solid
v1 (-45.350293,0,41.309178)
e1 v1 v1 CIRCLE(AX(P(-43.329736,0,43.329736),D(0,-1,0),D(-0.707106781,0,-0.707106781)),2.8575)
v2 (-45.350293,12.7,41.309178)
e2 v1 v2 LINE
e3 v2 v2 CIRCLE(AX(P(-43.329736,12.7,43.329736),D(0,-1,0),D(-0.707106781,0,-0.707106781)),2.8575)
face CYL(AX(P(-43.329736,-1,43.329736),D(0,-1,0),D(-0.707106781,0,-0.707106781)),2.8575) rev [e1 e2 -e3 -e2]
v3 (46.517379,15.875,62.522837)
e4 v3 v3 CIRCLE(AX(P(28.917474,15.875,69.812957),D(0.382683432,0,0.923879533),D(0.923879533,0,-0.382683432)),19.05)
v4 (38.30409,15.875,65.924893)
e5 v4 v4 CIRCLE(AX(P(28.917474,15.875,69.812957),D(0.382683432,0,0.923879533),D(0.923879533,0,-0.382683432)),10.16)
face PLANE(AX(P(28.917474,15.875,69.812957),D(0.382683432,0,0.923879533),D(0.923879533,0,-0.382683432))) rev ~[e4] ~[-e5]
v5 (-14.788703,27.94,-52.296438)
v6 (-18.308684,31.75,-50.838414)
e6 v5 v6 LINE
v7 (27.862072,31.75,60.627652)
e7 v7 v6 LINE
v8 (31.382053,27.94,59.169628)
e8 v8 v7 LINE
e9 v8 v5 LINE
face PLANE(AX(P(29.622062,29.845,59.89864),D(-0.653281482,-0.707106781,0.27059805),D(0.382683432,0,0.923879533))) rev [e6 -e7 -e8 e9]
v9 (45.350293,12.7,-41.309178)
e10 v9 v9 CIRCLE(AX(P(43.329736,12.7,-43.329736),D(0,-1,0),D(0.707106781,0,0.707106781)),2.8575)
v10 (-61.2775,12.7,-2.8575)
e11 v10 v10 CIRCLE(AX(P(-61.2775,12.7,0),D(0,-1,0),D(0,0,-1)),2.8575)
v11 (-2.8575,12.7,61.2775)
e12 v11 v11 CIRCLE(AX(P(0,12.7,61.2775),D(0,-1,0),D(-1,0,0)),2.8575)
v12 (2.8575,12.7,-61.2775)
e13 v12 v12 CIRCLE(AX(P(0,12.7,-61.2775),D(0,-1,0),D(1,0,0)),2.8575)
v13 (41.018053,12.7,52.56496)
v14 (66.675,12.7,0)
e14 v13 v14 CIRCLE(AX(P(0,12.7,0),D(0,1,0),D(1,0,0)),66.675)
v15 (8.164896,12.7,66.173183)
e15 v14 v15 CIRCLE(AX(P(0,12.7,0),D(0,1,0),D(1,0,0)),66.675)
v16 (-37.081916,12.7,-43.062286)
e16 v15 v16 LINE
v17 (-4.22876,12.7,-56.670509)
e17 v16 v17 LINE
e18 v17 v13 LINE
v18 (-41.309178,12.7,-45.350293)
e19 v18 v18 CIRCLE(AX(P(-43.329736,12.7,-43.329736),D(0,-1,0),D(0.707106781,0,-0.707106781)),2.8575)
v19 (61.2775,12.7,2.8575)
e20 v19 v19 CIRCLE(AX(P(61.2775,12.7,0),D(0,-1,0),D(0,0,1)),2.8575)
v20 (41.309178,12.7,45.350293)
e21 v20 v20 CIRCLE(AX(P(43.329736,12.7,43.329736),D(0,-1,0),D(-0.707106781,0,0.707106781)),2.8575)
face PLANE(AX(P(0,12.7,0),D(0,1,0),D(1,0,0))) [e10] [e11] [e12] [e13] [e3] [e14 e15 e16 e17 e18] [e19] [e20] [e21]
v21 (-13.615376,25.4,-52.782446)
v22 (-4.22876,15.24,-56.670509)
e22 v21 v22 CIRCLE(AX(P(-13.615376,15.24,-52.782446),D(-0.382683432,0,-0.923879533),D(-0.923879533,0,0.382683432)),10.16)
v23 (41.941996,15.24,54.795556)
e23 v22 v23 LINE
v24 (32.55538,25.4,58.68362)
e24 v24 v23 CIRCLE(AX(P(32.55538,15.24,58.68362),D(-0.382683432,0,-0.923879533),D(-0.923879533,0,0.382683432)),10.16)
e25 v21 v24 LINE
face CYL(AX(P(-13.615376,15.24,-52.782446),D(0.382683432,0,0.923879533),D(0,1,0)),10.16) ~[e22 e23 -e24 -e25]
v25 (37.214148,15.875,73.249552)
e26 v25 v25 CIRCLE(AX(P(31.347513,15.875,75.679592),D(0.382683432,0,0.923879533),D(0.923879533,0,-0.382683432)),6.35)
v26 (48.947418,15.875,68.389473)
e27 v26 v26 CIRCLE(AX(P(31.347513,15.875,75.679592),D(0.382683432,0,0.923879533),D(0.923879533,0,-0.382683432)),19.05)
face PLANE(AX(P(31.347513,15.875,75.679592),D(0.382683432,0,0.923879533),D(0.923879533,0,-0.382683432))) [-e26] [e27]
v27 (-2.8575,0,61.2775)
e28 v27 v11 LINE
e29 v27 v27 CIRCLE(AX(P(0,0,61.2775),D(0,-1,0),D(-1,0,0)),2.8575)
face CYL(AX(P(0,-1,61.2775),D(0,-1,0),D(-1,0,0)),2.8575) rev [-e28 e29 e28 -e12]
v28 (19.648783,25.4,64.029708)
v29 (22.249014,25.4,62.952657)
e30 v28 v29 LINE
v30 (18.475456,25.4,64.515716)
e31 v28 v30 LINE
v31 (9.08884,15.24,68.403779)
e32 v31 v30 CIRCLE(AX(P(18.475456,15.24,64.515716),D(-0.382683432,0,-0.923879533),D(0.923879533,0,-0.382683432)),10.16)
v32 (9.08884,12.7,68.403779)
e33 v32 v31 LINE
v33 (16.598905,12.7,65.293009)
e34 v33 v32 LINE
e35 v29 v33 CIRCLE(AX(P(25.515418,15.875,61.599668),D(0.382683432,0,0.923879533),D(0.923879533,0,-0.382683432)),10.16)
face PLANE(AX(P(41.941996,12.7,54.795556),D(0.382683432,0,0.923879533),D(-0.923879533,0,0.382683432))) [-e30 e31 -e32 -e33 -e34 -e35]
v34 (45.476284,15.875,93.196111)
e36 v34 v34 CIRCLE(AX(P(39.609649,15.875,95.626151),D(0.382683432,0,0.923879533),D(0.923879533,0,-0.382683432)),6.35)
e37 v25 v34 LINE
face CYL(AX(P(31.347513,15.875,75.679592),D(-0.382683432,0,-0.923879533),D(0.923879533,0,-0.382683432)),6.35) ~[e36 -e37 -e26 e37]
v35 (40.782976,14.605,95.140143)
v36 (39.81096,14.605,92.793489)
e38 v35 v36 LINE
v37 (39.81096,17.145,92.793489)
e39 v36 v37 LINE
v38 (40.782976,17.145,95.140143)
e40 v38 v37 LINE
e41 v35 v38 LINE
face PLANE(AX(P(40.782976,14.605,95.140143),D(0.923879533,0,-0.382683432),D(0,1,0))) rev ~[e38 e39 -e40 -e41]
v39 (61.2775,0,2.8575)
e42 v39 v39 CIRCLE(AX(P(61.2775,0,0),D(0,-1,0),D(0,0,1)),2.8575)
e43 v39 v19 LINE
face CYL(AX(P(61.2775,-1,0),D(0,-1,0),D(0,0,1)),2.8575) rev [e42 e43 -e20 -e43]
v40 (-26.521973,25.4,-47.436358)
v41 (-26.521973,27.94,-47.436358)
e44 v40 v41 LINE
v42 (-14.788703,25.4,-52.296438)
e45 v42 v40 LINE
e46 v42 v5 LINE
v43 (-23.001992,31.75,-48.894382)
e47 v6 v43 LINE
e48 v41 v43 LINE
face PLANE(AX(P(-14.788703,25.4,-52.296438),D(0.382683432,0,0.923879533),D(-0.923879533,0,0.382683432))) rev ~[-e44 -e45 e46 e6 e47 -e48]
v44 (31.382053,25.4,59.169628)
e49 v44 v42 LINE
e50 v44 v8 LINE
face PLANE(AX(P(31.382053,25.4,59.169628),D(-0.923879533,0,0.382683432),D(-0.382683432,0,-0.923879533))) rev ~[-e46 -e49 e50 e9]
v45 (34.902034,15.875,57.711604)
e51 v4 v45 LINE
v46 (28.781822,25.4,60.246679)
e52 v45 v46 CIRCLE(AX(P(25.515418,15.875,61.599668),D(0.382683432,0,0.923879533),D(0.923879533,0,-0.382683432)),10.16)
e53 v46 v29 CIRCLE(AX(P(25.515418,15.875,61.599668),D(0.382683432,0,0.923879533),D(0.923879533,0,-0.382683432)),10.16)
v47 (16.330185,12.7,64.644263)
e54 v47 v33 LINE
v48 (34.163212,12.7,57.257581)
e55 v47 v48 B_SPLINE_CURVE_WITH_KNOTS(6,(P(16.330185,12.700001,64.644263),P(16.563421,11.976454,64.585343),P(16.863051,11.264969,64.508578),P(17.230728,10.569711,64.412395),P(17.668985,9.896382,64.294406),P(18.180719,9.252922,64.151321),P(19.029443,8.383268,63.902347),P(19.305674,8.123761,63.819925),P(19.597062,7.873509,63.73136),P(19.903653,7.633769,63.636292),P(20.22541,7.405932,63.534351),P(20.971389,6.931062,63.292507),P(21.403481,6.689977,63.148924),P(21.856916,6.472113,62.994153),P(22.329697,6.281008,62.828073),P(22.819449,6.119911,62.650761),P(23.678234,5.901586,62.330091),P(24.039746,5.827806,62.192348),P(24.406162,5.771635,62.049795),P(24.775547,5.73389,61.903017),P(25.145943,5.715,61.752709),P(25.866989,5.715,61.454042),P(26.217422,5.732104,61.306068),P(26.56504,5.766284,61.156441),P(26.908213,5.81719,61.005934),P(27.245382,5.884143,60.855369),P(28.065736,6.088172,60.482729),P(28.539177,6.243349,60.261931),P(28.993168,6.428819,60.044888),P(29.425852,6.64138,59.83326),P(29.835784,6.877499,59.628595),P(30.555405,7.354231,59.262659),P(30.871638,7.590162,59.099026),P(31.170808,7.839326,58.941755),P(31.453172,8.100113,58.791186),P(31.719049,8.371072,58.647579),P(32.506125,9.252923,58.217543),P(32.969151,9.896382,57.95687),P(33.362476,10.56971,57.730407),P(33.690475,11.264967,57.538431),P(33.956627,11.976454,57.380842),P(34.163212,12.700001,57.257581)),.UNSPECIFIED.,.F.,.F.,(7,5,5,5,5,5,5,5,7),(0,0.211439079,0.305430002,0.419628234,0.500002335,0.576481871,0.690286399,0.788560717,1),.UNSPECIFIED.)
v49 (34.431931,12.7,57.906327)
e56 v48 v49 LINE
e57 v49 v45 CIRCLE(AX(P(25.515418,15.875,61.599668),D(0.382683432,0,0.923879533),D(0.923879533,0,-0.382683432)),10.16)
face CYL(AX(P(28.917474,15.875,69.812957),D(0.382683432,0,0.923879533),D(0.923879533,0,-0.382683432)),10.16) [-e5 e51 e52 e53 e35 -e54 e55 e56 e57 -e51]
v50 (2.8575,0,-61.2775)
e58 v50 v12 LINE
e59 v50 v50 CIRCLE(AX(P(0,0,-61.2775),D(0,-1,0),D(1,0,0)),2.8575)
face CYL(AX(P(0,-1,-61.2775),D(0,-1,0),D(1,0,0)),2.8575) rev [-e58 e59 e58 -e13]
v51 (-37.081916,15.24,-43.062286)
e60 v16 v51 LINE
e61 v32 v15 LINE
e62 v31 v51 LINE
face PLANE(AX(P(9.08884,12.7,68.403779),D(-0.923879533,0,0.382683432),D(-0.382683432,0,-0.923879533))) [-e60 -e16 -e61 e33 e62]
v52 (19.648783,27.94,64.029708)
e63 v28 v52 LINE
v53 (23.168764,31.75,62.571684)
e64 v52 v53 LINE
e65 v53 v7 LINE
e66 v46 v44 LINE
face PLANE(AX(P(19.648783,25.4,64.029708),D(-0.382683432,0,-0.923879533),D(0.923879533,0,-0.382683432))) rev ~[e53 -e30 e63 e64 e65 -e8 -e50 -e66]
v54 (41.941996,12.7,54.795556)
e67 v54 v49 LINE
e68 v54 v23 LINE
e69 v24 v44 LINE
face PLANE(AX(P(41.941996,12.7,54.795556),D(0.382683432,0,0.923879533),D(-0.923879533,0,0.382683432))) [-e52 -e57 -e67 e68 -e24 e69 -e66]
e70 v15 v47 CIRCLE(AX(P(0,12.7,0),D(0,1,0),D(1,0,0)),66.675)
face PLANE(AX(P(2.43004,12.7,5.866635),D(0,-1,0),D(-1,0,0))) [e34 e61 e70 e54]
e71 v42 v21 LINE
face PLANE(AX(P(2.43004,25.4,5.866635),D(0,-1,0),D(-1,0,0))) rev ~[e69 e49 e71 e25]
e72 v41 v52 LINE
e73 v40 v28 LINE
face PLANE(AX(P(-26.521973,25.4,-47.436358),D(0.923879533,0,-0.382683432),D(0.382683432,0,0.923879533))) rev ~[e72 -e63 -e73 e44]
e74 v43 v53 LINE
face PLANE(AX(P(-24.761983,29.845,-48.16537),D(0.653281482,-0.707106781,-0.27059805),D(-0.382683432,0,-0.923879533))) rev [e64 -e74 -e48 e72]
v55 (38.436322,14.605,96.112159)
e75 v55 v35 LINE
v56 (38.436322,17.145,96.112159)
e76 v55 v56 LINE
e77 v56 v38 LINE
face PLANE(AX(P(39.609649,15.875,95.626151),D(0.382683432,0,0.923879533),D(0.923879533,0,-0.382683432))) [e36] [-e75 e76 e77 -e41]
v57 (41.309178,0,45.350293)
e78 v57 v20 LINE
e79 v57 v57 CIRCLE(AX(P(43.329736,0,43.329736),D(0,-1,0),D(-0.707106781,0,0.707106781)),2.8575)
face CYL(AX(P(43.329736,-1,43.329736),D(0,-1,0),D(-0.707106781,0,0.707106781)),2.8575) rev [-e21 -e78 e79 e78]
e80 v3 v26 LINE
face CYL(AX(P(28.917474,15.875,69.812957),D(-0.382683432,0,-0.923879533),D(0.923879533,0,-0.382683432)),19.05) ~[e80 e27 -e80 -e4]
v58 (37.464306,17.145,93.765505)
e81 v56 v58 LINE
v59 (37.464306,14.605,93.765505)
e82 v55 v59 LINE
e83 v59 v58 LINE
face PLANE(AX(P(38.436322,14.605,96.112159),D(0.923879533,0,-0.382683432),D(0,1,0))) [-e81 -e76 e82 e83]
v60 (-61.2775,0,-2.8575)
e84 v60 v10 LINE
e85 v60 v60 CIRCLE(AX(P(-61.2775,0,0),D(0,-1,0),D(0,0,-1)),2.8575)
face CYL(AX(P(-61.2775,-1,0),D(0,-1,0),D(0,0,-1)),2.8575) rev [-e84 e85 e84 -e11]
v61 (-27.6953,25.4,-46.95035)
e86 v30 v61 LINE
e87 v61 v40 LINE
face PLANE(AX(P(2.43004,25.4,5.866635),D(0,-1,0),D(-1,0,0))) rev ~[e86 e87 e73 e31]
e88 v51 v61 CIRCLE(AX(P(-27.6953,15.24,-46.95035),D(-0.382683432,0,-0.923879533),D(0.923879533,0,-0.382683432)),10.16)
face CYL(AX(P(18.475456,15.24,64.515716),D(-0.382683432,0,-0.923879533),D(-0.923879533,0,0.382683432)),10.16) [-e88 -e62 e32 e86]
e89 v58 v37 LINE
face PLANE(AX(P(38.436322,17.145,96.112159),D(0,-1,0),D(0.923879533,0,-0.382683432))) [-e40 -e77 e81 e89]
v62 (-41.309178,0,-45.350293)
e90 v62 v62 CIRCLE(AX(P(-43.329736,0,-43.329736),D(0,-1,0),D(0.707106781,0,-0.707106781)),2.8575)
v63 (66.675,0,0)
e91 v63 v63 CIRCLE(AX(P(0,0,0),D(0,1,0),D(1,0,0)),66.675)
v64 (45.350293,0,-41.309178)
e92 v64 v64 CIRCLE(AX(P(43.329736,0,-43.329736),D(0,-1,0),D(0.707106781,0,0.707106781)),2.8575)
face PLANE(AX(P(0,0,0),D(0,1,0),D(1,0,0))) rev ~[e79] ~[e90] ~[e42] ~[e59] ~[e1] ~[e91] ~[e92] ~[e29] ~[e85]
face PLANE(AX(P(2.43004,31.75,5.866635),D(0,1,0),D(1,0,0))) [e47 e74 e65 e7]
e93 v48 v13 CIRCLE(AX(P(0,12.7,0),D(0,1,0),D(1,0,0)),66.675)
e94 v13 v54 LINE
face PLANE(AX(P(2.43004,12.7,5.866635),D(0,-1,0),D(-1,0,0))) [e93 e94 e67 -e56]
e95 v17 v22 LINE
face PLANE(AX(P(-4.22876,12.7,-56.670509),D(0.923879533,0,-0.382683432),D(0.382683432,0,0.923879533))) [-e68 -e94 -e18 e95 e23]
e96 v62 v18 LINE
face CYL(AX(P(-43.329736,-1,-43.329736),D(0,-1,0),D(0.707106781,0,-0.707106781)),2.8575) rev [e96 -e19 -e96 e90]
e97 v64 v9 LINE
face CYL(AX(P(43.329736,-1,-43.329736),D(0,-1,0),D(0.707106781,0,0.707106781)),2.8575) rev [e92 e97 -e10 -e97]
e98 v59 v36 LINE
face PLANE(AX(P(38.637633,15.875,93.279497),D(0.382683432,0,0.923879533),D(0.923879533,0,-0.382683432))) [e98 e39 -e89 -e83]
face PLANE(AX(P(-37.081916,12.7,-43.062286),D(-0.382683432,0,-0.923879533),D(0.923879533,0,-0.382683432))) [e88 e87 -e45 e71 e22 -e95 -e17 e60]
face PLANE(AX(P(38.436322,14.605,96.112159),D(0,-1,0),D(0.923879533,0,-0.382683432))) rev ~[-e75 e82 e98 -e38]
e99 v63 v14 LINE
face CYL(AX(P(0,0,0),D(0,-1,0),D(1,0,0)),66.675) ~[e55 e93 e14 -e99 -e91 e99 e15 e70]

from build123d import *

# Parameters (mm, degrees)
SKETCH1_R           = 66.675
BOSS_EXTRUDE1_DEPTH = 12.7
CUT_EXTRUDE1_START  = -13.7
SKETCH2_R           = 2.8575
CUT_EXTRUDE1_DEPTH  = 14.7
CIRPATTERN1_COUNT   = 8
BOSS_EXTRUDE2_DEPTH = 12.7
BOSS_EXTRUDE3_DEPTH = 6.35
CHAMFER1_SIZE       = 3.81
FILLET3_R           = 10.16
SKETCH7_R           = 10.16
BOSS_EXTRUDE4_DEPTH = 10.16
SKETCH8_R           = 19.05
BOSS_EXTRUDE5_DEPTH = 6.35
SKETCH9_R           = 6.35
BOSS_EXTRUDE6_DEPTH = 21.59
SKETCH11_W          = 2.54
SKETCH11_H          = 2.54
CUT_EXTRUDE2_DEPTH  = 2.54


with BuildPart() as part:
    # Sketch1 → Boss-Extrude1 (new body)
    with BuildSketch(Plane(origin=(0, 0, 0), x_dir=(1, 0, 0), z_dir=(0, 1, 0))):
        Circle(SKETCH1_R)
    extrude(amount=BOSS_EXTRUDE1_DEPTH)

    # Sketch2 → Cut-Extrude1 (cut)
    with BuildSketch(Plane(origin=(0, 12.7, 0), x_dir=(1, 0, 0), z_dir=(0, 1, 0)).offset(CUT_EXTRUDE1_START)):
        with Locations((0, 61.2775)):
            Circle(SKETCH2_R)
    cut_extrude1 = extrude(amount=CUT_EXTRUDE1_DEPTH, mode=Mode.SUBTRACT)

    # CirPattern1: Cut-Extrude1 ×8 about axis
    cirpattern1_axis = Axis((0, 0, 0), (0, 1, 0))
    for i in range(1, CIRPATTERN1_COUNT):
        add(cut_extrude1.rotate(cirpattern1_axis, i * 360 / CIRPATTERN1_COUNT), mode=Mode.SUBTRACT)

    # Sketch4 → Boss-Extrude2 (add)
    with BuildSketch(Plane(origin=(0, 12.7, 0), x_dir=(1, 0, 0), z_dir=(0, 1, 0))):
        Polygon((-37.08191635, 43.06228634), (-4.228760174, 56.670509195), (41.941995941, -54.795556403), (9.088839765, -68.403779258), align=None)
    extrude(amount=BOSS_EXTRUDE2_DEPTH)

    # Sketch5 → Boss-Extrude3 (add)
    with BuildSketch(Plane(origin=(0, 25.4, 0), x_dir=(1, 0, 0), z_dir=(0, 1, 0))):
        Polygon((-26.521973293, 47.436357972), (19.648782821, -64.029707626), (31.382052884, -59.169628035), (-14.78870323, 52.296437563), align=None)
    extrude(amount=BOSS_EXTRUDE3_DEPTH)

    # Chamfer1
    chamfer1_edges = [part.edges().sort_by_distance(p)[0] for p in [
        (-3.436595236, 31.75, 8.296674827),
        (8.296674827, 31.75, 3.436595236),
    ]]
    chamfer(chamfer1_edges, length=CHAMFER1_SIZE)

    # Fillet3
    fillet3_edges = [part.edges().sort_by_distance(p)[0] for p in [
        (18.856617884, 25.4, -0.937476396),
        (-13.996538293, 25.4, 12.670746459),
    ]]
    fillet(fillet3_edges, radius=FILLET3_R)

    # Sketch7 → Boss-Extrude4 (add)
    with BuildSketch(Plane(origin=(28.917473567, 0, 69.812956874), x_dir=(0.923879533, 0, -0.382683432), z_dir=(0.382683432, 0, 0.923879533))):
        with Locations((0, 15.875)):
            Circle(SKETCH7_R)
    extrude(amount=-BOSS_EXTRUDE4_DEPTH)

    # Sketch8 → Boss-Extrude5 (add)
    with BuildSketch(Plane(origin=(28.917473567, 0, 69.812956874), x_dir=(0.923879533, 0, -0.382683432), z_dir=(0.382683432, 0, 0.923879533))):
        with Locations((0, 15.875)):
            Circle(SKETCH8_R)
    extrude(amount=BOSS_EXTRUDE5_DEPTH)

    # Sketch9 → Boss-Extrude6 (add)
    with BuildSketch(Plane(origin=(31.347513362, 0, 75.679591906), x_dir=(0.923879533, 0, -0.382683432), z_dir=(0.382683432, 0, 0.923879533))):
        with Locations((0, 15.875)):
            Circle(SKETCH9_R)
    extrude(amount=BOSS_EXTRUDE6_DEPTH)

    # Sketch11 → Cut-Extrude2 (cut)
    with BuildSketch(Plane(origin=(39.609648667, 0, 95.626151013), x_dir=(0.923879533, 0, -0.382683432), z_dir=(0.382683432, 0, 0.923879533))):
        with Locations((0, 15.875)):
            Rectangle(SKETCH11_W, SKETCH11_H)
    extrude(amount=-CUT_EXTRUDE2_DEPTH, mode=Mode.SUBTRACT)


solid = part.part
